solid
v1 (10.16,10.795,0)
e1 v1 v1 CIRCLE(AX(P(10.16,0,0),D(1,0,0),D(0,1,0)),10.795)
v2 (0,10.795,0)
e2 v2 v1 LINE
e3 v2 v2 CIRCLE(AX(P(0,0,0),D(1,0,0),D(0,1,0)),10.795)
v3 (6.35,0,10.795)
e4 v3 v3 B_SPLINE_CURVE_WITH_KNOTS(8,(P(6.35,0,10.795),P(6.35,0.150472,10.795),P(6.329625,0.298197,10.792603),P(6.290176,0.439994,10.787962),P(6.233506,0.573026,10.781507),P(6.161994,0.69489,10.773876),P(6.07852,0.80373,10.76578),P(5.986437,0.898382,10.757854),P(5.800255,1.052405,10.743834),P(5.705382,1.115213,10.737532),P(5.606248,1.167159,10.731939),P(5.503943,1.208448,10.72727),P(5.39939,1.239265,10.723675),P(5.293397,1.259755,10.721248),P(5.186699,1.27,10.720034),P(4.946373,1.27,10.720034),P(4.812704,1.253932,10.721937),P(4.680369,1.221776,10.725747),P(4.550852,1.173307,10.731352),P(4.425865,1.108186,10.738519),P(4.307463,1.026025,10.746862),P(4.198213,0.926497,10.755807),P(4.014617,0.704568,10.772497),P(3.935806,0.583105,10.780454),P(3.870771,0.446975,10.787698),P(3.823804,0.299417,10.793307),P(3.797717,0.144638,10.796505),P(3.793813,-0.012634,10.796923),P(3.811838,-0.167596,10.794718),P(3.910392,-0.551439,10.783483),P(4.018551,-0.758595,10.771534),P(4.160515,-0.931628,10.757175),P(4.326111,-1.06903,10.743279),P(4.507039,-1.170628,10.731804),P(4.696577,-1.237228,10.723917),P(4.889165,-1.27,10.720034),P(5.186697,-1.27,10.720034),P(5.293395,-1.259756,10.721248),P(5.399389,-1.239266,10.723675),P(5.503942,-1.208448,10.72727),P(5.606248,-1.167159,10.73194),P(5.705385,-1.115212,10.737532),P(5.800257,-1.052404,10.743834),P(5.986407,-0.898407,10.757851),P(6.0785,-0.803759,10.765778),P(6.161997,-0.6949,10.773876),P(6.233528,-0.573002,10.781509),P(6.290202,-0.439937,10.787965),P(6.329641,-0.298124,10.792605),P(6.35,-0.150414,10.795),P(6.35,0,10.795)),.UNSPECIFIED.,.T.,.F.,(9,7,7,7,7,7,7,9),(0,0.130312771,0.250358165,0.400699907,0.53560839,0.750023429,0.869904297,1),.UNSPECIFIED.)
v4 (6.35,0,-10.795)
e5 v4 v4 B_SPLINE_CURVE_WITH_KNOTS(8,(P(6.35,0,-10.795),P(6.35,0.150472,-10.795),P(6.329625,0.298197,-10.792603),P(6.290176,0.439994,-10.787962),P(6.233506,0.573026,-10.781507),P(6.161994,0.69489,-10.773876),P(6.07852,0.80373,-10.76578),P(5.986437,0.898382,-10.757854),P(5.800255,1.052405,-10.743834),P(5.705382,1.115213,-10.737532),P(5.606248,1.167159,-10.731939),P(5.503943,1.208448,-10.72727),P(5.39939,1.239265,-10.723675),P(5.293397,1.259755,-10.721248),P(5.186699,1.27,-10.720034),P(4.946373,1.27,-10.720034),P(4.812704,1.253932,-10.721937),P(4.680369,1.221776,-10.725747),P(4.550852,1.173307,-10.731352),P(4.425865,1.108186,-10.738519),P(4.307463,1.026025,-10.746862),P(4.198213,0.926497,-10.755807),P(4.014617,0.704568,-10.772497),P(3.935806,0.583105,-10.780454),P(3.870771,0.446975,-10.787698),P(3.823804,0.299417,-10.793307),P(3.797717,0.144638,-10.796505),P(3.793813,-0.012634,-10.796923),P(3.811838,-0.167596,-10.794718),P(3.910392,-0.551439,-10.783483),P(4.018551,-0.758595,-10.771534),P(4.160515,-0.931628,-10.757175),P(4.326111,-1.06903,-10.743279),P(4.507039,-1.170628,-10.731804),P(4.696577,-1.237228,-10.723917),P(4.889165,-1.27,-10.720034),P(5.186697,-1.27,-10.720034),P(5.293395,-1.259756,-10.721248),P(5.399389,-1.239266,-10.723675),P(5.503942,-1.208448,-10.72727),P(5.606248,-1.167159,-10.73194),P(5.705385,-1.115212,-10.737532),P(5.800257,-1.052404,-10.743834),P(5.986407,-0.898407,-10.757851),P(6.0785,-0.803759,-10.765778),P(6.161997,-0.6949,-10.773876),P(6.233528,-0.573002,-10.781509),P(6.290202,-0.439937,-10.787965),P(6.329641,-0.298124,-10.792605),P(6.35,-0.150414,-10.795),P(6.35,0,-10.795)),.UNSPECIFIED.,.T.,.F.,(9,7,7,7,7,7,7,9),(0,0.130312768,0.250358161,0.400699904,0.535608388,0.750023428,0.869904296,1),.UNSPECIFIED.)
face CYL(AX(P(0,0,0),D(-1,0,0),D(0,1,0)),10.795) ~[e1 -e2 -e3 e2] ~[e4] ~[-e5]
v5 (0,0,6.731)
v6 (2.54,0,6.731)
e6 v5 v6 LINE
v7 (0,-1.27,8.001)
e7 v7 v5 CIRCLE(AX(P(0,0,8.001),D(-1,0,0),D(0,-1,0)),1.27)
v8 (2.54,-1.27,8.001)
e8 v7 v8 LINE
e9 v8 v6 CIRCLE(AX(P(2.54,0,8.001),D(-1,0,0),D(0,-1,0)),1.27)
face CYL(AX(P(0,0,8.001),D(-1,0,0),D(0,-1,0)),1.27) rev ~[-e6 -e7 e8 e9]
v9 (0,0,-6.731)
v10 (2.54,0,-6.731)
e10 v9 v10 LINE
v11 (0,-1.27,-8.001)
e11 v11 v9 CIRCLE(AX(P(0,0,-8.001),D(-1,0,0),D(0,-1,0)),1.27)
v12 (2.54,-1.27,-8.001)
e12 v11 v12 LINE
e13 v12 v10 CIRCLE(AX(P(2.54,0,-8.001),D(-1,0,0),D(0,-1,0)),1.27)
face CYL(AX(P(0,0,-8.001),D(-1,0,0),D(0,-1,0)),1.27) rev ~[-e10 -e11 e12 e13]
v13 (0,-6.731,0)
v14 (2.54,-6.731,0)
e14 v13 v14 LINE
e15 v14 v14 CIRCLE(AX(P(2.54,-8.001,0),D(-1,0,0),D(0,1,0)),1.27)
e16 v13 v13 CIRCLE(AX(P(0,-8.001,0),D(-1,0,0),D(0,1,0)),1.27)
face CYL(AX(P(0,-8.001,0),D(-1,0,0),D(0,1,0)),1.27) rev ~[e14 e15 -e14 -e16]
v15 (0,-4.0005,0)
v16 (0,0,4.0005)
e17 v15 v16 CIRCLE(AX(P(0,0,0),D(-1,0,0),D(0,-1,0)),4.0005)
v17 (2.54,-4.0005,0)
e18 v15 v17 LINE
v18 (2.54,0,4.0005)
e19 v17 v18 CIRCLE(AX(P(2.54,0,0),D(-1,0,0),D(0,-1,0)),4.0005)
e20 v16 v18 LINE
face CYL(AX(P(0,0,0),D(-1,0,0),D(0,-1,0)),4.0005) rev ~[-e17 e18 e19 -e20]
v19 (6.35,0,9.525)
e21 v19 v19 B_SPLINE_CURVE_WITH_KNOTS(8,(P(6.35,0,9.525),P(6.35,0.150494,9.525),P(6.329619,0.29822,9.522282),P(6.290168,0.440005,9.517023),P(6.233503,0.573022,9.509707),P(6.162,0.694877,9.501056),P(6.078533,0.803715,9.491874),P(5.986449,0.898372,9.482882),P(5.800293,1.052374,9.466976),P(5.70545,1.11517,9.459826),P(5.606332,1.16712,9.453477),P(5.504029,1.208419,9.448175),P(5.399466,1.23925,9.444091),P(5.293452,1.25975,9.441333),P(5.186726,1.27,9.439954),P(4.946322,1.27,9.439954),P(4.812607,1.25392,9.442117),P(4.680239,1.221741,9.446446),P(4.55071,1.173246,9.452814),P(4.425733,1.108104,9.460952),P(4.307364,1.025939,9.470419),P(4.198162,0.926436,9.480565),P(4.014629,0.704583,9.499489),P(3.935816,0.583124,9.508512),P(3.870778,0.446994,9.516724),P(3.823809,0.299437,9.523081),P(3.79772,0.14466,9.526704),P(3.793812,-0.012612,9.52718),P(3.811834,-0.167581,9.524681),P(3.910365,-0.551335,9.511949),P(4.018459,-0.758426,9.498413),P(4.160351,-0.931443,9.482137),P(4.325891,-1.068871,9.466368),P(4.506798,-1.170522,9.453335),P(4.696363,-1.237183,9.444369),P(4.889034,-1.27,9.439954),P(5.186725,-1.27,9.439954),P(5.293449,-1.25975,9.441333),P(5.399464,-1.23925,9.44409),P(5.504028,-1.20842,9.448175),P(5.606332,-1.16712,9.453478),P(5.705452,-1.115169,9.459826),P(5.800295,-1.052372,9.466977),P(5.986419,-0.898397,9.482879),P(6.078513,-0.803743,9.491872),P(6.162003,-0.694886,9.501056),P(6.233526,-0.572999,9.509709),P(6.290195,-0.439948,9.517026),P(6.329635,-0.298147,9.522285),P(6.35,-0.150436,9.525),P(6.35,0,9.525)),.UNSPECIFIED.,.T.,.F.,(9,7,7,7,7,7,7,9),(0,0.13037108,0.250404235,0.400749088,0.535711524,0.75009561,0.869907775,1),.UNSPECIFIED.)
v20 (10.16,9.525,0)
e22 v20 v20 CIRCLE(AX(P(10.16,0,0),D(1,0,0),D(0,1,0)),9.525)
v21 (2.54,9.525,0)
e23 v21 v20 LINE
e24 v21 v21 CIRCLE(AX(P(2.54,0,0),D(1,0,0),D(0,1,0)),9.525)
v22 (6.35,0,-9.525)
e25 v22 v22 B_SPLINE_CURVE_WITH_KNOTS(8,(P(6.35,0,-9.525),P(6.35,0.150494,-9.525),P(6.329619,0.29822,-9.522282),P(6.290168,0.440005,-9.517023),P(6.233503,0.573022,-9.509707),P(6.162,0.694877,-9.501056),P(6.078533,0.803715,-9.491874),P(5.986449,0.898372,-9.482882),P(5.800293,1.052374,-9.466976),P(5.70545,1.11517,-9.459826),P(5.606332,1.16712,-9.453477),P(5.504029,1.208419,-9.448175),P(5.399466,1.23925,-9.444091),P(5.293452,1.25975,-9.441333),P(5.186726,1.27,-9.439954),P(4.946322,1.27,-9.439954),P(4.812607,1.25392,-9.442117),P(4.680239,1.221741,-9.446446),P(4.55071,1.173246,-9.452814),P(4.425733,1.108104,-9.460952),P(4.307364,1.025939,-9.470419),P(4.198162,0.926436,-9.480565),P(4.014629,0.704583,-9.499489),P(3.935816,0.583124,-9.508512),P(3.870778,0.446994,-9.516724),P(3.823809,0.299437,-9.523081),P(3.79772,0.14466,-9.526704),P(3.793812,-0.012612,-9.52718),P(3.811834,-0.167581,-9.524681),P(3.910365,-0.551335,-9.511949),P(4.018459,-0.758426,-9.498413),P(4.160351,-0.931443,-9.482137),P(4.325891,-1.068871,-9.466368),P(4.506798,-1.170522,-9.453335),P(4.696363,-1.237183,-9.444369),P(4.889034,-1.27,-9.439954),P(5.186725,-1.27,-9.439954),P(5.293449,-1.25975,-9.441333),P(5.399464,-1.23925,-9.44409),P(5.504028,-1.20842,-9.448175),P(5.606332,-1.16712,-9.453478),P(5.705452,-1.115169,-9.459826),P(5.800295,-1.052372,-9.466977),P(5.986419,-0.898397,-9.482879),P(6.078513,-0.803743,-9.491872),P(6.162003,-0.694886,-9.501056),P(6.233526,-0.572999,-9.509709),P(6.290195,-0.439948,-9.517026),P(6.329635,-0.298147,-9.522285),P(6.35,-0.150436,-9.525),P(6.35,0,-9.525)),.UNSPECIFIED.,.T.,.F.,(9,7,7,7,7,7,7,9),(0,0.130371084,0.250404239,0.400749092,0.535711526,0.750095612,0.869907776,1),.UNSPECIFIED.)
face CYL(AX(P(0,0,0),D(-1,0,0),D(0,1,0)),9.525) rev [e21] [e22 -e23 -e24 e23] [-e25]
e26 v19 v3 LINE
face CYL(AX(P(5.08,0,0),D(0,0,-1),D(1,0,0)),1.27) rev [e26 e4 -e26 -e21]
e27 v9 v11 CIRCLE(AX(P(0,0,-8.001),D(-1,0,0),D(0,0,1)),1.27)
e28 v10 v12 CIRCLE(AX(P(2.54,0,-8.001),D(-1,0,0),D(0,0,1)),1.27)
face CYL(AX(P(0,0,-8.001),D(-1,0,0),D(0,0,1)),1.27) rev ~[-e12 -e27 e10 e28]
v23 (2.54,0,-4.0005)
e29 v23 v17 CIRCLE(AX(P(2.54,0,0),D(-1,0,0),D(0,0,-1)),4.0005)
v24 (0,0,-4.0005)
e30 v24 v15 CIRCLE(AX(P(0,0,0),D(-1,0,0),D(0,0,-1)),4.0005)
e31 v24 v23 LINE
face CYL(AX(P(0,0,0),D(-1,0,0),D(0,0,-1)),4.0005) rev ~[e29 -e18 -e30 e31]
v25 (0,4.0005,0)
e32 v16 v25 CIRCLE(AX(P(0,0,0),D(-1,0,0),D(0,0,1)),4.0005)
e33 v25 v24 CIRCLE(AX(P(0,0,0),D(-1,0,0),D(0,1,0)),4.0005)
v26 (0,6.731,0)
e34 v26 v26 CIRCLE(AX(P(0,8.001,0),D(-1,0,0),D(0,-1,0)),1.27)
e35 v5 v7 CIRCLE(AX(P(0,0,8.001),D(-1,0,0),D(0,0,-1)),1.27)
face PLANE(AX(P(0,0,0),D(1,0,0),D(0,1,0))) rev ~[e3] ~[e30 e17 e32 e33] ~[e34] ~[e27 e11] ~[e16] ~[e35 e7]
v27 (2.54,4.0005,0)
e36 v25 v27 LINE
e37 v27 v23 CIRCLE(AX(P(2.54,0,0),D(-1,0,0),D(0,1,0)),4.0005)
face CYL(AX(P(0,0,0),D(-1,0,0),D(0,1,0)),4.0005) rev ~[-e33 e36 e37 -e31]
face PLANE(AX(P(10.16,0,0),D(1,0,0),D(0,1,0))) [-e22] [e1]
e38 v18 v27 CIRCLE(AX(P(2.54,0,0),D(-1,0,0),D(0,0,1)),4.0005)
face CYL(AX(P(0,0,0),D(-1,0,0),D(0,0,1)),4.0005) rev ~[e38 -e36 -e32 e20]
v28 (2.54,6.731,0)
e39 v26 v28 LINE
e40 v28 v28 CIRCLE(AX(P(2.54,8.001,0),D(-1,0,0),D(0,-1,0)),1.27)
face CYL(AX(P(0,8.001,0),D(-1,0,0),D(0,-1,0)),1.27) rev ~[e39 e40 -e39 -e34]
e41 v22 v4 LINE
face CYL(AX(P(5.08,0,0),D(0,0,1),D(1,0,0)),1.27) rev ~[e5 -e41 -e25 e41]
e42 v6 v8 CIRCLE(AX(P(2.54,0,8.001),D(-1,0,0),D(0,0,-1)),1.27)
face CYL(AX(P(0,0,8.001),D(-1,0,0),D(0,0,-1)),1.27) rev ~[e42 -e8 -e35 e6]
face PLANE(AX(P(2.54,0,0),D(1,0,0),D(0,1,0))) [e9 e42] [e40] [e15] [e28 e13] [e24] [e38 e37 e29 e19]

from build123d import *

# Parameters (mm, degrees)
F0_R     = 10.795
F0_R_2   = 9.525
F1_DEPTH = 10.16
F2_DEPTH = 2.54
F4_DEPTH = 25.4
F5_DEPTH = 25.4
F6_R     = 1.27
F7_DEPTH = 25.4


with BuildPart() as f1:
    # F0 (on Right) → F1 (new body)
    with BuildSketch(Plane.YZ):
        Circle(F0_R)
        Circle(F0_R_2, mode=Mode.SUBTRACT)
    extrude(amount=F1_DEPTH)

    # F0 (on Right) → F2 (join)
    with BuildSketch(Plane.YZ):
        Circle(F0_R_2)
    extrude(amount=F2_DEPTH)

    # F3 (on Top) → F4 (cut)
    with BuildSketch(Plane.XY):
        with BuildLine():
            ThreePointArc((3.81, 0), (5.08, -1.27), (6.35, 0))
            ThreePointArc((6.35, 0), (5.08, 1.27), (3.81, 0))
        make_face()
    extrude(amount=-F4_DEPTH, mode=Mode.SUBTRACT)

    # F3 (on Top) → F5 (cut)
    with BuildSketch(Plane.XY):
        with BuildLine():
            ThreePointArc((3.81, 0), (5.08, -1.27), (6.35, 0))
            ThreePointArc((6.35, 0), (5.08, 1.27), (3.81, 0))
        make_face()
    extrude(amount=F5_DEPTH, mode=Mode.SUBTRACT)

    # F6 (on face) → F7 (cut)
    with BuildSketch(Plane(origin=(0, 0, 0), x_dir=(0, -1, 0), z_dir=(-1, 0, 0))):
        with BuildLine():
            ThreePointArc((1.27, 8.001), (-0.8980256121, 8.8990256121), (0, 6.731))
            ThreePointArc((0, 6.731), (0.8980256121, 7.1029743879), (1.27, 8.001))
        make_face()
        with Locations((-8.001, 0)):
            Circle(F6_R)
        with BuildLine():
            ThreePointArc((1.27, -8.001), (0.8980256121, -7.1029743879), (0, -6.731))
            ThreePointArc((0, -6.731), (-0.8980256121, -8.8990256121), (1.27, -8.001))
        make_face()
        with BuildLine():
            ThreePointArc((9.271, 0), (8.001, 1.27), (6.731, 0))
            ThreePointArc((6.731, 0), (8.001, -1.27), (9.271, 0))
        make_face()
        with BuildLine():
            Line((0, 0), (4.0005, 0))
            ThreePointArc((4.0005, 0), (2.8287806781, 2.8287806781), (0, 4.0005))
            Line((0, 4.0005), (0, 0))
        make_face()
        with BuildLine():
            Line((0, 0), (0, 4.0005))
            ThreePointArc((0, 4.0005), (-2.8287806781, 2.8287806781), (-4.0005, 0))
            Line((-4.0005, 0), (0, 0))
        make_face()
        with BuildLine():
            ThreePointArc((-4.0005, 0), (-2.8287806781, -2.8287806781), (0, -4.0005))
            Line((0, -4.0005), (0, 0))
            Line((0, 0), (-4.0005, 0))
        make_face()
        with BuildLine():
            ThreePointArc((0, -4.0005), (2.8287806781, -2.8287806781), (4.0005, 0))
            Line((4.0005, 0), (0, 0))
            Line((0, 0), (0, -4.0005))
        make_face()
    extrude(amount=-F7_DEPTH, mode=Mode.SUBTRACT)


solid = f1.part
